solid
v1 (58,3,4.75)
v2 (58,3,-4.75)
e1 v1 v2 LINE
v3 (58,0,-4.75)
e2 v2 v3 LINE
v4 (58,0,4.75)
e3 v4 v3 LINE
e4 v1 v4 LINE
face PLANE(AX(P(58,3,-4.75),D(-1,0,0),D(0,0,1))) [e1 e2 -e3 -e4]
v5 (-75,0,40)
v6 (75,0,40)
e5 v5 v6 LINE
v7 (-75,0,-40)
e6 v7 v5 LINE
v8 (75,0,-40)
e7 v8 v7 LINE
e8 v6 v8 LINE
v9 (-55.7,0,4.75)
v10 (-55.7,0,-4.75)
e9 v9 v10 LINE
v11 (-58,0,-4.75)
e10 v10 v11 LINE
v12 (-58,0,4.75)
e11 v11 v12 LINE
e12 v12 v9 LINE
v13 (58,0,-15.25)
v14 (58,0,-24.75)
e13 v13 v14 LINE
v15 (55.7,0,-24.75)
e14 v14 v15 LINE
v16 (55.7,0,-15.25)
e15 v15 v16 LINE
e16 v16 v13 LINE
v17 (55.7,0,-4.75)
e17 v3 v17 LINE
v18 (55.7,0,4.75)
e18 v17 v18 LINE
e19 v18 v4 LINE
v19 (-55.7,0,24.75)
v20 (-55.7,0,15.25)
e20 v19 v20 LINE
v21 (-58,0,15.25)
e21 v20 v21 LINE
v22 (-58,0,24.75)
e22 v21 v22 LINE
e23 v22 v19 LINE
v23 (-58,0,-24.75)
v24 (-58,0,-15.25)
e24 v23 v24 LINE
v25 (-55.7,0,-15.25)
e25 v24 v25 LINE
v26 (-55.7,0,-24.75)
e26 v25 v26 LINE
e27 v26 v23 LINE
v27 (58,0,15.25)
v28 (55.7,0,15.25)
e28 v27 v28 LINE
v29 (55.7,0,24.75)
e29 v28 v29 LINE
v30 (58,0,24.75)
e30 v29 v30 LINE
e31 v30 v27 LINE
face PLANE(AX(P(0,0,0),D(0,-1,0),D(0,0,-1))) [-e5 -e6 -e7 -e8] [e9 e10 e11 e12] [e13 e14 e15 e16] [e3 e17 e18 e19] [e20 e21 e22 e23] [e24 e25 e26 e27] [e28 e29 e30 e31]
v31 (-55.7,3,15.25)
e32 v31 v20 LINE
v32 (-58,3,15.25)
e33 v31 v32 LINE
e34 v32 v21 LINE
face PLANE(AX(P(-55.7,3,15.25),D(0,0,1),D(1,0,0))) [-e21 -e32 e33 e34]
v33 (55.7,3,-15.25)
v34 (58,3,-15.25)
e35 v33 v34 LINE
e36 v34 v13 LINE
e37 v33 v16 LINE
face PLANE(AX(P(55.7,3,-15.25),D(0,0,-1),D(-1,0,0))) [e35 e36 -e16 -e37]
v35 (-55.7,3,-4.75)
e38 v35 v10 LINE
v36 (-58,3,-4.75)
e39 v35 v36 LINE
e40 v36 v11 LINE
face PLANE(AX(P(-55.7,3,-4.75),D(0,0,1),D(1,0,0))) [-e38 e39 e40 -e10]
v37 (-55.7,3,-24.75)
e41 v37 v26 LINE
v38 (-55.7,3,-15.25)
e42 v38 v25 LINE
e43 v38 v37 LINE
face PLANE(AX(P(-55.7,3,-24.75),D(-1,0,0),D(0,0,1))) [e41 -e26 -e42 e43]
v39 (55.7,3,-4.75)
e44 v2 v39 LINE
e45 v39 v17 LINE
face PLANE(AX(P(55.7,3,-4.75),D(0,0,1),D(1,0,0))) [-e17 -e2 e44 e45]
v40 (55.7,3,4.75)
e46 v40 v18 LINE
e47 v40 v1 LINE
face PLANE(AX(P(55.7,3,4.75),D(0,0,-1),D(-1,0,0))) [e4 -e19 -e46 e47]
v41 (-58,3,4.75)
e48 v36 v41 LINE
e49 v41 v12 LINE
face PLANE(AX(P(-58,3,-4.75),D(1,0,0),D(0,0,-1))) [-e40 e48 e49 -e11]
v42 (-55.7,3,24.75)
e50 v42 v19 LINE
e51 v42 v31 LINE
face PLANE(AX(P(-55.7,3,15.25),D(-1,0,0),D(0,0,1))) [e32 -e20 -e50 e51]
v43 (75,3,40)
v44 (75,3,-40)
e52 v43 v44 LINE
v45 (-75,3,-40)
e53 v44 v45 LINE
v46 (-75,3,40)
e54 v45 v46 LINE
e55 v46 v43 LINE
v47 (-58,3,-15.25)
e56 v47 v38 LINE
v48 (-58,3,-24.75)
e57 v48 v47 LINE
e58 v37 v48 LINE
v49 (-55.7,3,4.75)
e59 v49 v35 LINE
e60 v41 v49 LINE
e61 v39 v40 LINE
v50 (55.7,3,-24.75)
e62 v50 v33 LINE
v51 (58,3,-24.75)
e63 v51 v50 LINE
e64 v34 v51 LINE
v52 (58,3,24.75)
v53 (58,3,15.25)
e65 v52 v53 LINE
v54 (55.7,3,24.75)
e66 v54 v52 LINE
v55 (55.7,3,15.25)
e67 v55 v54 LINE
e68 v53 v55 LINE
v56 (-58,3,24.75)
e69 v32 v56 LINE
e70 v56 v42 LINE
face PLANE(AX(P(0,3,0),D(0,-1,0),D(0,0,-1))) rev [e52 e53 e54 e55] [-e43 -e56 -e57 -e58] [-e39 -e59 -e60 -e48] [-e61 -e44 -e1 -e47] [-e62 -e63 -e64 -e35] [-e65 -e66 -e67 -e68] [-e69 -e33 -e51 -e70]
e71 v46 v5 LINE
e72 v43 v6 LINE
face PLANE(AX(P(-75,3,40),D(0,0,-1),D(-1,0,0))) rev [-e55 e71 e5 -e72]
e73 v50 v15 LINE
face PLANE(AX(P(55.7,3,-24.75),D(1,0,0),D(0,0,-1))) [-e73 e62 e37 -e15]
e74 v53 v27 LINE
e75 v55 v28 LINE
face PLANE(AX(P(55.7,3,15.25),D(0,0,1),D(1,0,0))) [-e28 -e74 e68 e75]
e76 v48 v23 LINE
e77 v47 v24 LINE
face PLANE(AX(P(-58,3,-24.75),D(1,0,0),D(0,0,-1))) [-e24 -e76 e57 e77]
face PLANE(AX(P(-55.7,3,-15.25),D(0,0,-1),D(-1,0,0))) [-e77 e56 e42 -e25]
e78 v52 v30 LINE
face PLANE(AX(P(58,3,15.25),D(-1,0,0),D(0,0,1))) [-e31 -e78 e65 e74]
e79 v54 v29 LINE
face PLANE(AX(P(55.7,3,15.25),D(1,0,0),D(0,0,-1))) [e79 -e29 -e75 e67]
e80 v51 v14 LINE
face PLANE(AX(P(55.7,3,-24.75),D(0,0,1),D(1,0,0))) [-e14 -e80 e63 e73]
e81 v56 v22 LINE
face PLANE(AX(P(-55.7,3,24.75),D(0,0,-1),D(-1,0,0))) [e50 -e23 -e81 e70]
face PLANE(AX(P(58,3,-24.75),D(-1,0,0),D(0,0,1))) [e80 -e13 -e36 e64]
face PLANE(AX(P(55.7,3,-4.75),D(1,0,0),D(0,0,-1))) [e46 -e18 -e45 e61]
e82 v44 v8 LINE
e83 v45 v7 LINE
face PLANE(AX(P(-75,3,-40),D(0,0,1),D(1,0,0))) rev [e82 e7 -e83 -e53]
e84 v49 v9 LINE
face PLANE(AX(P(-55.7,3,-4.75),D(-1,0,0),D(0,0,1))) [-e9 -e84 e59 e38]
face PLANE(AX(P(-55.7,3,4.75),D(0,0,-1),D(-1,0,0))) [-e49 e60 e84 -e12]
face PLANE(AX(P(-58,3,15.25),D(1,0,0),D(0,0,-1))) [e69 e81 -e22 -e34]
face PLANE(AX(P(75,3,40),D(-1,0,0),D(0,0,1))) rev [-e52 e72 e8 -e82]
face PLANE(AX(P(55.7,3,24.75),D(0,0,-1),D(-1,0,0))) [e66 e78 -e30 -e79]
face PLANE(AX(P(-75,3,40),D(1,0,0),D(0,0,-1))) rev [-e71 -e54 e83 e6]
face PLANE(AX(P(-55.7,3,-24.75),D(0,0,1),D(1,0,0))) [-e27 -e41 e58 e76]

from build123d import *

# Parameters (mm, degrees)
CROQUIS1_W              = 150
CROQUIS1_H              = 80
CROQUIS1_W_2            = 2.3
CROQUIS1_H_2            = 9.5
SALIENTE_EXTRUIR1_DEPTH = 3


with BuildPart() as part:
    # Croquis1 → Saliente-Extruir1 (new body)
    with BuildSketch(Plane(origin=(0, 0, 0), x_dir=(1, 0, 0), z_dir=(0, 1, 0))):
        Rectangle(CROQUIS1_W, CROQUIS1_H)
        with Locations((56.85, 20)):
            Rectangle(CROQUIS1_W_2, CROQUIS1_H_2, mode=Mode.SUBTRACT)
        with Locations((56.85, 0)):
            Rectangle(CROQUIS1_W_2, CROQUIS1_H_2, mode=Mode.SUBTRACT)
        with Locations((56.85, -20)):
            Rectangle(CROQUIS1_W_2, CROQUIS1_H_2, mode=Mode.SUBTRACT)
        with Locations((-56.85, 20)):
            Rectangle(CROQUIS1_W_2, CROQUIS1_H_2, mode=Mode.SUBTRACT)
        with Locations((-56.85, -20)):
            Rectangle(CROQUIS1_W_2, CROQUIS1_H_2, mode=Mode.SUBTRACT)
        with Locations((-56.85, 0)):
            Rectangle(CROQUIS1_W_2, CROQUIS1_H_2, mode=Mode.SUBTRACT)
    extrude(amount=SALIENTE_EXTRUIR1_DEPTH)


solid = part.part
